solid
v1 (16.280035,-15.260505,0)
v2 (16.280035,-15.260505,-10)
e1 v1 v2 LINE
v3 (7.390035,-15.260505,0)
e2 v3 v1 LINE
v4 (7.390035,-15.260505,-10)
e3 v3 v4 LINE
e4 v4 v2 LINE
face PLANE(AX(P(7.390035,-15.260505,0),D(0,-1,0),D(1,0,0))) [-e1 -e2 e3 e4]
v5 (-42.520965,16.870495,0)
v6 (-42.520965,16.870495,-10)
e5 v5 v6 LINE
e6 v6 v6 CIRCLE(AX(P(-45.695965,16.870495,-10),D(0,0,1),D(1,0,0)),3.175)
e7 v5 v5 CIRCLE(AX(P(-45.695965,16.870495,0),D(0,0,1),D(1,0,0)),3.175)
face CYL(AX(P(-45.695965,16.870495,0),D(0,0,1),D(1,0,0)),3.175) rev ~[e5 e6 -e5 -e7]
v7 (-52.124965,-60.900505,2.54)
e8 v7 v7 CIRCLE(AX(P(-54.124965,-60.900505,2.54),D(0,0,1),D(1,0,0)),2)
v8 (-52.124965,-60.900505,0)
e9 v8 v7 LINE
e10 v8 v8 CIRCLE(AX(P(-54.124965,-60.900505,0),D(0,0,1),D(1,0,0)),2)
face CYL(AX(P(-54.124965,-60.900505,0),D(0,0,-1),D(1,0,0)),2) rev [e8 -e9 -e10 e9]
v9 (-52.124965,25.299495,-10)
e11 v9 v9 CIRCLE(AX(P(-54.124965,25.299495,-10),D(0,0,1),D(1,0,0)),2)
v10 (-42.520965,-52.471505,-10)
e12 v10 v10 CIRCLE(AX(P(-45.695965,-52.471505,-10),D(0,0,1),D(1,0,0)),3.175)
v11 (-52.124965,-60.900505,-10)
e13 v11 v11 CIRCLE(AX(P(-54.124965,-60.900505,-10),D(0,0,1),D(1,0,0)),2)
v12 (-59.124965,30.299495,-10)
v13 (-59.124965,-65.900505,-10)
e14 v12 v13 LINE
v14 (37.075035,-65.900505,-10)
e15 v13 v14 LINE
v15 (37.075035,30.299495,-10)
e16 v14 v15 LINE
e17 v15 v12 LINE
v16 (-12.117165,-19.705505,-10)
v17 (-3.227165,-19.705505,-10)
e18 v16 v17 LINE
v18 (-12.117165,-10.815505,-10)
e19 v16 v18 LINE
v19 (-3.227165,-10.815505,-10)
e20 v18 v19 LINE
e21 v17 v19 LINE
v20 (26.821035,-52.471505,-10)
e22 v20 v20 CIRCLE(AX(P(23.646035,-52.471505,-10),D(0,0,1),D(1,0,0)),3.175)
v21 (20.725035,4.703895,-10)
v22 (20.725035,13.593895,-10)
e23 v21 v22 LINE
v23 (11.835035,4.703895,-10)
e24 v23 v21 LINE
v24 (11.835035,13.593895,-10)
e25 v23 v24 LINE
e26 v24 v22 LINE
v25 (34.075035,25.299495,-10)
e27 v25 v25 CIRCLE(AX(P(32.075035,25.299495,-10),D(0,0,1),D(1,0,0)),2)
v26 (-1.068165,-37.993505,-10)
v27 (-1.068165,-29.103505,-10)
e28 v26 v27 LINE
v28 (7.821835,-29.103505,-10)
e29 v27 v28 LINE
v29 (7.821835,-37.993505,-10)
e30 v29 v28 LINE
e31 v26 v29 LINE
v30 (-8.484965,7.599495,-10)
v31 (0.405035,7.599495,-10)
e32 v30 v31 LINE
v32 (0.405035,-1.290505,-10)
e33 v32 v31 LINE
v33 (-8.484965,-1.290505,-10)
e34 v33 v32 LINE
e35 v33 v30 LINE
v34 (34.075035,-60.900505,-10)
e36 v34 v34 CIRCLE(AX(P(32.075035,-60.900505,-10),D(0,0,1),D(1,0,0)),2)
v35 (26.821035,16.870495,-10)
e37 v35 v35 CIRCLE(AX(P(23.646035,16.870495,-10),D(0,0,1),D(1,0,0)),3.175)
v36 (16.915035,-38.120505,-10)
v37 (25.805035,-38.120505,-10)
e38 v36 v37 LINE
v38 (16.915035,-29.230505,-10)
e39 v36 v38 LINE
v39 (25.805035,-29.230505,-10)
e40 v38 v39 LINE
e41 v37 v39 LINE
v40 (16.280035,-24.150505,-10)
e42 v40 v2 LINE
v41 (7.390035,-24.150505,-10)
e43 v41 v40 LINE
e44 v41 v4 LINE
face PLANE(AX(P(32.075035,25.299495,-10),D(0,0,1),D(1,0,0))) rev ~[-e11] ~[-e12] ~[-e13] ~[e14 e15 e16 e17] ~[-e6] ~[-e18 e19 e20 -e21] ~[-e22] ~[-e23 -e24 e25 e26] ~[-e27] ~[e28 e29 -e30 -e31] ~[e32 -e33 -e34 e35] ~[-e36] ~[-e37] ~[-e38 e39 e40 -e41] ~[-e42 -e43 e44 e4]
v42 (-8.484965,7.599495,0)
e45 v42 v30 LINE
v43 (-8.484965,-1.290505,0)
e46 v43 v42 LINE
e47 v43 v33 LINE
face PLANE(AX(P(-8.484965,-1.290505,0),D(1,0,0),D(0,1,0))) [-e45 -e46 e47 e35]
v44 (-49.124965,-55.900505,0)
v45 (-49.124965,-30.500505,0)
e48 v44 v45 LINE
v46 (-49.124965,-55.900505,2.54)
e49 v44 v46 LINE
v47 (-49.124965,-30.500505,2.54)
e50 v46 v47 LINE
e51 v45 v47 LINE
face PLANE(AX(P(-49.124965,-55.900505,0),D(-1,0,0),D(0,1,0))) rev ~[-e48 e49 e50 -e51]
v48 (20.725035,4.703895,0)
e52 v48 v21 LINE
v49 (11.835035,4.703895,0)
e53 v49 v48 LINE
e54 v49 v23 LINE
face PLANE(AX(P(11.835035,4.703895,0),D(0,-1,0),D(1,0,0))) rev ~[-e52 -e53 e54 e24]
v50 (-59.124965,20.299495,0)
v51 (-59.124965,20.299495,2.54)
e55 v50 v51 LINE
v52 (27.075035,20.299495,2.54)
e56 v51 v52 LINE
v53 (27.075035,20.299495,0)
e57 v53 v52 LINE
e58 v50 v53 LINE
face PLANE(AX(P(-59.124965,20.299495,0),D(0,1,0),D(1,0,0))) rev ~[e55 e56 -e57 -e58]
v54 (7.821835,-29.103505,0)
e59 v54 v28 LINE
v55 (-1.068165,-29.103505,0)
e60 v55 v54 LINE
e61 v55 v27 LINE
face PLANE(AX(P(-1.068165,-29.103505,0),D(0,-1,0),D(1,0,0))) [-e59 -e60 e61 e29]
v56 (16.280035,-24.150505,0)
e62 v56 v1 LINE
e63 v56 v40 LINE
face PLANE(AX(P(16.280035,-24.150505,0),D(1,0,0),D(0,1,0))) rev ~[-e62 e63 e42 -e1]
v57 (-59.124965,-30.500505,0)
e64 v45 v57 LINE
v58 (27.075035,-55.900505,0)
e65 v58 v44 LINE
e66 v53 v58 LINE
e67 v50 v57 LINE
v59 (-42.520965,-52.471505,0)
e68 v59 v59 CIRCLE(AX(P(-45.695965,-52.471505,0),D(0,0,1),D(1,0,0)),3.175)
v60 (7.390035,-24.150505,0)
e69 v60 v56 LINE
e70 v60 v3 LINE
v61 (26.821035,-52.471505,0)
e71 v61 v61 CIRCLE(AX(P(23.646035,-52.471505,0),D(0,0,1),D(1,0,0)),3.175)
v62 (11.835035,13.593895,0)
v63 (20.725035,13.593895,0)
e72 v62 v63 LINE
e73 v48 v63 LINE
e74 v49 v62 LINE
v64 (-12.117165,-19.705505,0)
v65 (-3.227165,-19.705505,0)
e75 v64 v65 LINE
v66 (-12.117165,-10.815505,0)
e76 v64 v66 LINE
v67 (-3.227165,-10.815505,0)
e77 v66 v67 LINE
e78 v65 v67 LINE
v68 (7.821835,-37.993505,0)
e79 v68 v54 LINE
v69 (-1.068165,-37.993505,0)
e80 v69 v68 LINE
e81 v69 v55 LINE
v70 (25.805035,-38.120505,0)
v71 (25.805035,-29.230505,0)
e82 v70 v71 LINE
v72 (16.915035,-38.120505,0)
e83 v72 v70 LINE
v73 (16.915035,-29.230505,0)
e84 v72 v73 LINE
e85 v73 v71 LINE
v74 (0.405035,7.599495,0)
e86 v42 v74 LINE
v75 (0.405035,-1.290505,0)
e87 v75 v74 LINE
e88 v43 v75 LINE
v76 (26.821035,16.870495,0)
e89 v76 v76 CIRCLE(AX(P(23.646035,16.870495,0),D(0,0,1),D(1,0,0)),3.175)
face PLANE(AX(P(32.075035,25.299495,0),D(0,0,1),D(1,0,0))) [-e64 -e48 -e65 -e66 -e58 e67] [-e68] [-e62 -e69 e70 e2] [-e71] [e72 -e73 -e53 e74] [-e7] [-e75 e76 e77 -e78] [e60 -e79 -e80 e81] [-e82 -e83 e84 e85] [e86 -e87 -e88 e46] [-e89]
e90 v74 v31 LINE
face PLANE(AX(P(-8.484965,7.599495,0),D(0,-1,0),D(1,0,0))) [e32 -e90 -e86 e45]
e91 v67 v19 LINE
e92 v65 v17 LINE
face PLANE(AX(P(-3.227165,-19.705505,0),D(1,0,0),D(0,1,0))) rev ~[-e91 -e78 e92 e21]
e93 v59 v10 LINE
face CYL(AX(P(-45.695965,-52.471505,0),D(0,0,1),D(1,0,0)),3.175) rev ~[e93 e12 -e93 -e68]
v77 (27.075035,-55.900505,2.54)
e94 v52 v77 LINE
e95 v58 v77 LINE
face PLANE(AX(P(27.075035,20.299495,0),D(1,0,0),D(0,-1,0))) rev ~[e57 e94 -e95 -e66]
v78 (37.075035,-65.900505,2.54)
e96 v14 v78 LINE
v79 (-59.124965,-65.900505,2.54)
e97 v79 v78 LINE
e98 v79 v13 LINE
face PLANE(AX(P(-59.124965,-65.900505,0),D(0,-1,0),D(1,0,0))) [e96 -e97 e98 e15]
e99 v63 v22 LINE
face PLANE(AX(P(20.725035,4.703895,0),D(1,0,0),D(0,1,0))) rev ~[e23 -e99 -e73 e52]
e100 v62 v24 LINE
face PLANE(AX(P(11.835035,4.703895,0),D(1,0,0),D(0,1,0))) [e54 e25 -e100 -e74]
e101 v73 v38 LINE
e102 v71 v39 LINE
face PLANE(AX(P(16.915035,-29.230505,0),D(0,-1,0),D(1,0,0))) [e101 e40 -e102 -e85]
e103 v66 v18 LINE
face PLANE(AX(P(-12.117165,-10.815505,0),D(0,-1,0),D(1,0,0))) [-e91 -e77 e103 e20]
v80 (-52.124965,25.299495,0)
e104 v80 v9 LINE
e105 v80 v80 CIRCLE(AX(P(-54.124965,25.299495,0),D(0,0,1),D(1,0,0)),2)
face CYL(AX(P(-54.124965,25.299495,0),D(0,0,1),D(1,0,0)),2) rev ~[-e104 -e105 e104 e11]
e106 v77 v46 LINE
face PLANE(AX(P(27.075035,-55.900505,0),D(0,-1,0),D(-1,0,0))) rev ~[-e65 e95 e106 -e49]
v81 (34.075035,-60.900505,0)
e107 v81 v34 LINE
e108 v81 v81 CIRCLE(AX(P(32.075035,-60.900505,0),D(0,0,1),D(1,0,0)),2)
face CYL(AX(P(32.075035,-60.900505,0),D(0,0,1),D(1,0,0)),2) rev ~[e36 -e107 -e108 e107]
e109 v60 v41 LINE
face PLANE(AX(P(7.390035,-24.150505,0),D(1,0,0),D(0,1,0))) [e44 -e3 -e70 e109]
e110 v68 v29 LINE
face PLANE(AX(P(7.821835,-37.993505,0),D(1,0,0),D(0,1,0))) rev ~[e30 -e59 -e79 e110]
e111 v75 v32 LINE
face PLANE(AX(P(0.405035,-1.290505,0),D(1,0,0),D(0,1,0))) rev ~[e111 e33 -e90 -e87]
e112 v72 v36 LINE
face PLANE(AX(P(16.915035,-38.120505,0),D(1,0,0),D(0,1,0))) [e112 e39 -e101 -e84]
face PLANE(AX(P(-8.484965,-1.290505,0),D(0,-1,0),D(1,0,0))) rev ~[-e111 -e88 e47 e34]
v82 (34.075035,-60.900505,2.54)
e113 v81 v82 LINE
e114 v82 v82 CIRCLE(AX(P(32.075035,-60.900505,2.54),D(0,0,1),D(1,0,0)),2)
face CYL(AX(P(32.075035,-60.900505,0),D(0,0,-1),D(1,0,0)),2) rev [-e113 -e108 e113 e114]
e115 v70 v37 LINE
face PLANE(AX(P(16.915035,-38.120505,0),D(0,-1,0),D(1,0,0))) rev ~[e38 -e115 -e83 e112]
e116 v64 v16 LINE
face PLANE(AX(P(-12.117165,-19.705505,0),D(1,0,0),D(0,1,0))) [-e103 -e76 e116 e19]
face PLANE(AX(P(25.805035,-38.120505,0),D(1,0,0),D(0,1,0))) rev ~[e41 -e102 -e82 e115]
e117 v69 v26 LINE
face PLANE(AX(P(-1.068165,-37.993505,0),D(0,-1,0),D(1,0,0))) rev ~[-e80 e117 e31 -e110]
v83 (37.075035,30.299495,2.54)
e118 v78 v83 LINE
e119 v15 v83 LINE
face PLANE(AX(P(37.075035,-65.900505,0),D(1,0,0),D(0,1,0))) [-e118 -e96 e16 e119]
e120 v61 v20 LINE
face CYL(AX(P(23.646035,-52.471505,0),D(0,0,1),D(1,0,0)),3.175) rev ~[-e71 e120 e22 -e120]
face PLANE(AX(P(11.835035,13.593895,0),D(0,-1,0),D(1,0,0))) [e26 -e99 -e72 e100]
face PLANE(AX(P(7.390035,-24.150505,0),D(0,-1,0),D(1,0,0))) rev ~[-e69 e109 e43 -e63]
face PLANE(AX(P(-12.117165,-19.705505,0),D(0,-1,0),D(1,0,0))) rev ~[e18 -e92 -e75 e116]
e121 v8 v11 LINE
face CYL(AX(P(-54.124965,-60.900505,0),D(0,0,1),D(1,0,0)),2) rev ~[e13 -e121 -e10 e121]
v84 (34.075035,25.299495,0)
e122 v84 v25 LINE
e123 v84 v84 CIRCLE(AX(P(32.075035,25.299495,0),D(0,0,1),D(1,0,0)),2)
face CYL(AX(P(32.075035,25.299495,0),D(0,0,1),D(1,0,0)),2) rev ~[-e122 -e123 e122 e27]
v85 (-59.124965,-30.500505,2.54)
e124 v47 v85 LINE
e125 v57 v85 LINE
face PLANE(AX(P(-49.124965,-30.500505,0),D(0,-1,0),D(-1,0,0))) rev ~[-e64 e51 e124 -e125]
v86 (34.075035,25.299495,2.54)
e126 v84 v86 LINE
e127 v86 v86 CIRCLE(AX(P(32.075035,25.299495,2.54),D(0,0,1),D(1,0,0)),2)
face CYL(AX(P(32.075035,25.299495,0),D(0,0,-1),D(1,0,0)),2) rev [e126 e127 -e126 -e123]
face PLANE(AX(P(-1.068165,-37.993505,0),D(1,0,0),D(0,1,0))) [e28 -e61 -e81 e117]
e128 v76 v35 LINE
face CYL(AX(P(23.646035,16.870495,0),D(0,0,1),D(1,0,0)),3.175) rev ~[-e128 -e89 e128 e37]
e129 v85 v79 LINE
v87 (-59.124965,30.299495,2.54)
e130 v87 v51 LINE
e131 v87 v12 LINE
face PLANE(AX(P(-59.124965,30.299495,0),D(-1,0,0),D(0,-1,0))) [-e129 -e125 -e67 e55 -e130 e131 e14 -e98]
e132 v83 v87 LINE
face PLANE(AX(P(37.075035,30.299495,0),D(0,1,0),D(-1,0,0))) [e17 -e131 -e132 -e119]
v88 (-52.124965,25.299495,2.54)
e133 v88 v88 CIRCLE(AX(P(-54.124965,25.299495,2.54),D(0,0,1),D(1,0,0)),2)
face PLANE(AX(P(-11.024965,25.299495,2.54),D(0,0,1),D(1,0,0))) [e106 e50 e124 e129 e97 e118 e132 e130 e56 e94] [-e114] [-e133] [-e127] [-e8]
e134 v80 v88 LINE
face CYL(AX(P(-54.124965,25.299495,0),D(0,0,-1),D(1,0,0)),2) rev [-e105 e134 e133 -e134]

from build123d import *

# Parameters (mm, degrees)
F0_R     = 2
F1_DEPTH = 2.54
F0_R_2   = 3.175
F0_W     = 8.89
F0_H     = 8.89
F2_DEPTH = 10


with BuildPart() as f1:
    # F0 (on Top) → F1 (new body)
    with BuildSketch(Plane.XY):
        Polygon((-49.1249652207, 30.2994954109), (-49.1249652207, 20.2994954109), (-48.8709652207, 20.2994954109), (-45.1879652207, 20.2994954109), (23.1380347793, 20.2994954109), (26.8210347793, 20.2994954109), (27.0750347793, 20.2994954109), (27.0750347793, 20.4264954109), (27.0750347793, 30.2994954109), align=None)
        Polygon((-59.1249652207, 25.2994954109), (-59.1249652207, 20.2994954109), (-54.1249652207, 20.2994954109), (-49.1249652207, 20.2994954109), (-49.1249652207, 30.2994954109), (-59.1249652207, 30.2994954109), align=None)
        with Locations((-54.1249652207, 25.2994954109)):
            Circle(F0_R, mode=Mode.SUBTRACT)
        Polygon((-59.1249652207, -30.5005045891), (-59.1249652207, -55.9005045891), (-49.1249652207, -55.9005045891), (-49.1249652207, -55.6465045891), (-49.1249652207, -54.1503839195), (-49.1249652207, -51.9635045891), (-49.1249652207, -30.5005045891), align=None)
        Polygon((27.0750347793, -55.6465045891), (27.0750347793, -55.9005045891), (27.1951819298, -55.9005045891), (37.0750347793, -55.9005045891), (37.0750347793, 20.2994954109), (32.0750347793, 20.2994954109), (27.3221819298, 20.2994954109), (27.0750347793, 20.2994954109), (27.0750347793, 20.0454954109), (27.0750347793, 16.3624954109), (27.0750347793, 4.7038954109), (27.0750347793, -1.2905045891), (27.0750347793, -19.7055045891), (27.0750347793, -24.1505045891), (27.0750347793, -37.9935045891), (27.0750347793, -38.1205045891), (27.0750347793, -51.9635045891), align=None)
        Polygon((32.0750347793, 20.2994954109), (37.0750347793, 20.2994954109), (37.0750347793, 25.2994954109), (37.0750347793, 30.2994954109), (27.0750347793, 30.2994954109), (27.0750347793, 20.4264954109), (27.0750347793, 20.2994954109), (27.3221819298, 20.2994954109), align=None)
        with Locations((32.0750347793, 25.2994954109)):
            Circle(F0_R, mode=Mode.SUBTRACT)
        Polygon((27.0750347793, -55.9005045891), (27.0750347793, -65.9005045891), (32.0750347793, -65.9005045891), (37.0750347793, -65.9005045891), (37.0750347793, -60.9005045891), (37.0750347793, -55.9005045891), (27.1951819298, -55.9005045891), align=None)
        with Locations((32.0750347793, -60.9005045891)):
            Circle(F0_R, mode=Mode.SUBTRACT)
        Polygon((-49.1249652207, -55.9005045891), (-49.1249652207, -65.9005045891), (27.0750347793, -65.9005045891), (27.0750347793, -55.9005045891), (26.8210347793, -55.9005045891), (26.5670347793, -55.9005045891), (24.5350347793, -55.9005045891), (23.5190347793, -55.9005045891), (23.1380347793, -55.9005045891), (6.5518347793, -55.9005045891), (-0.8649652207, -55.9005045891), (-4.4971652207, -55.9005045891), (-45.1879652207, -55.9005045891), (-48.8709652207, -55.9005045891), align=None)
        Polygon((-59.1249652207, -60.9005045891), (-59.1249652207, -65.9005045891), (-54.1249652207, -65.9005045891), (-49.1249652207, -65.9005045891), (-49.1249652207, -55.9005045891), (-59.1249652207, -55.9005045891), align=None)
        with Locations((-54.1249652207, -60.9005045891)):
            Circle(F0_R, mode=Mode.SUBTRACT)
    extrude(amount=F1_DEPTH)

    # F0 (on Top) → F2 (join)
    with BuildSketch(Plane.XY):
        Polygon((32.0750347793, 20.2994954109), (37.0750347793, 20.2994954109), (37.0750347793, 25.2994954109), (37.0750347793, 30.2994954109), (27.0750347793, 30.2994954109), (27.0750347793, 20.4264954109), (27.0750347793, 20.2994954109), (27.3221819298, 20.2994954109), align=None)
        with Locations((32.0750347793, 25.2994954109)):
            Circle(F0_R, mode=Mode.SUBTRACT)
        Polygon((27.0750347793, -55.6465045891), (27.0750347793, -55.9005045891), (27.1951819298, -55.9005045891), (37.0750347793, -55.9005045891), (37.0750347793, 20.2994954109), (32.0750347793, 20.2994954109), (27.3221819298, 20.2994954109), (27.0750347793, 20.2994954109), (27.0750347793, 20.0454954109), (27.0750347793, 16.3624954109), (27.0750347793, 4.7038954109), (27.0750347793, -1.2905045891), (27.0750347793, -19.7055045891), (27.0750347793, -24.1505045891), (27.0750347793, -37.9935045891), (27.0750347793, -38.1205045891), (27.0750347793, -51.9635045891), align=None)
        Polygon((-49.1249652207, 30.2994954109), (-49.1249652207, 20.2994954109), (-48.8709652207, 20.2994954109), (-45.1879652207, 20.2994954109), (23.1380347793, 20.2994954109), (26.8210347793, 20.2994954109), (27.0750347793, 20.2994954109), (27.0750347793, 20.4264954109), (27.0750347793, 30.2994954109), align=None)
        Polygon((-59.1249652207, 25.2994954109), (-59.1249652207, 20.2994954109), (-54.1249652207, 20.2994954109), (-49.1249652207, 20.2994954109), (-49.1249652207, 30.2994954109), (-59.1249652207, 30.2994954109), align=None)
        with Locations((-54.1249652207, 25.2994954109)):
            Circle(F0_R, mode=Mode.SUBTRACT)
        Polygon((-59.1249652207, 20.2994954109), (-59.1249652207, -30.5005045891), (-49.1249652207, -30.5005045891), (-49.1249652207, 16.3624954109), (-49.1249652207, 20.0454954109), (-49.1249652207, 20.2994954109), (-54.1249652207, 20.2994954109), align=None)
        Polygon((-59.1249652207, -30.5005045891), (-59.1249652207, -55.9005045891), (-49.1249652207, -55.9005045891), (-49.1249652207, -55.6465045891), (-49.1249652207, -54.1503839195), (-49.1249652207, -51.9635045891), (-49.1249652207, -30.5005045891), align=None)
        Polygon((-59.1249652207, -60.9005045891), (-59.1249652207, -65.9005045891), (-54.1249652207, -65.9005045891), (-49.1249652207, -65.9005045891), (-49.1249652207, -55.9005045891), (-59.1249652207, -55.9005045891), align=None)
        with Locations((-54.1249652207, -60.9005045891)):
            Circle(F0_R, mode=Mode.SUBTRACT)
        Polygon((-49.1249652207, -55.9005045891), (-49.1249652207, -65.9005045891), (27.0750347793, -65.9005045891), (27.0750347793, -55.9005045891), (26.8210347793, -55.9005045891), (26.5670347793, -55.9005045891), (24.5350347793, -55.9005045891), (23.5190347793, -55.9005045891), (23.1380347793, -55.9005045891), (6.5518347793, -55.9005045891), (-0.8649652207, -55.9005045891), (-4.4971652207, -55.9005045891), (-45.1879652207, -55.9005045891), (-48.8709652207, -55.9005045891), align=None)
        Polygon((27.0750347793, -55.9005045891), (27.0750347793, -65.9005045891), (32.0750347793, -65.9005045891), (37.0750347793, -65.9005045891), (37.0750347793, -60.9005045891), (37.0750347793, -55.9005045891), (27.1951819298, -55.9005045891), align=None)
        with Locations((32.0750347793, -60.9005045891)):
            Circle(F0_R, mode=Mode.SUBTRACT)
        Polygon((-49.1249652207, -55.6465045891), (-49.1249652207, -55.9005045891), (-48.8709652207, -55.9005045891), (-45.1879652207, -55.9005045891), (-4.4971652207, -55.9005045891), (-0.8649652207, -55.9005045891), (6.5518347793, -55.9005045891), (23.1380347793, -55.9005045891), (23.5190347793, -55.9005045891), (24.5350347793, -55.9005045891), (26.5670347793, -55.9005045891), (26.8210347793, -55.9005045891), (27.0750347793, -55.9005045891), (27.0750347793, -55.6465045891), (27.0750347793, -51.9635045891), (27.0750347793, -38.1205045891), (27.0750347793, -37.9935045891), (27.0750347793, -24.1505045891), (27.0750347793, -19.7055045891), (27.0750347793, -1.2905045891), (27.0750347793, 4.7038954109), (27.0750347793, 16.3624954109), (27.0750347793, 20.0454954109), (27.0750347793, 20.2994954109), (26.8210347793, 20.2994954109), (23.1380347793, 20.2994954109), (-45.1879652207, 20.2994954109), (-48.8709652207, 20.2994954109), (-49.1249652207, 20.2994954109), (-49.1249652207, 20.0454954109), (-49.1249652207, 16.3624954109), (-49.1249652207, -30.5005045891), (-49.1249652207, -51.9635045891), (-49.1249652207, -54.1503839195), align=None)
        with Locations((-45.6959652207, -52.4715045891)):
            Circle(F0_R_2, mode=Mode.SUBTRACT)
        with Locations((23.6460347793, -52.4715045891)):
            Circle(F0_R_2, mode=Mode.SUBTRACT)
        with Locations((3.3768347793, -33.5485045891)):
            Rectangle(F0_W, F0_H, mode=Mode.SUBTRACT)
        with Locations((11.8350347793, -19.7055045891)):
            Rectangle(F0_W, F0_H, mode=Mode.SUBTRACT)
        with Locations((21.3600347793, -33.6755045891)):
            Rectangle(F0_W, F0_H, mode=Mode.SUBTRACT)
        with Locations((-45.6959652207, 16.8704954109)):
            Circle(F0_R_2, mode=Mode.SUBTRACT)
        with Locations((-7.6721652207, -15.2605045891)):
            Rectangle(F0_W, F0_H, mode=Mode.SUBTRACT)
        with Locations((-4.0399652207, 3.1544954109)):
            Rectangle(F0_W, F0_H, mode=Mode.SUBTRACT)
        with Locations((16.2800347793, 9.1488954109)):
            Rectangle(F0_W, F0_H, mode=Mode.SUBTRACT)
        with Locations((23.6460347793, 16.8704954109)):
            Circle(F0_R_2, mode=Mode.SUBTRACT)
    extrude(amount=-F2_DEPTH)


solid = f1.part
